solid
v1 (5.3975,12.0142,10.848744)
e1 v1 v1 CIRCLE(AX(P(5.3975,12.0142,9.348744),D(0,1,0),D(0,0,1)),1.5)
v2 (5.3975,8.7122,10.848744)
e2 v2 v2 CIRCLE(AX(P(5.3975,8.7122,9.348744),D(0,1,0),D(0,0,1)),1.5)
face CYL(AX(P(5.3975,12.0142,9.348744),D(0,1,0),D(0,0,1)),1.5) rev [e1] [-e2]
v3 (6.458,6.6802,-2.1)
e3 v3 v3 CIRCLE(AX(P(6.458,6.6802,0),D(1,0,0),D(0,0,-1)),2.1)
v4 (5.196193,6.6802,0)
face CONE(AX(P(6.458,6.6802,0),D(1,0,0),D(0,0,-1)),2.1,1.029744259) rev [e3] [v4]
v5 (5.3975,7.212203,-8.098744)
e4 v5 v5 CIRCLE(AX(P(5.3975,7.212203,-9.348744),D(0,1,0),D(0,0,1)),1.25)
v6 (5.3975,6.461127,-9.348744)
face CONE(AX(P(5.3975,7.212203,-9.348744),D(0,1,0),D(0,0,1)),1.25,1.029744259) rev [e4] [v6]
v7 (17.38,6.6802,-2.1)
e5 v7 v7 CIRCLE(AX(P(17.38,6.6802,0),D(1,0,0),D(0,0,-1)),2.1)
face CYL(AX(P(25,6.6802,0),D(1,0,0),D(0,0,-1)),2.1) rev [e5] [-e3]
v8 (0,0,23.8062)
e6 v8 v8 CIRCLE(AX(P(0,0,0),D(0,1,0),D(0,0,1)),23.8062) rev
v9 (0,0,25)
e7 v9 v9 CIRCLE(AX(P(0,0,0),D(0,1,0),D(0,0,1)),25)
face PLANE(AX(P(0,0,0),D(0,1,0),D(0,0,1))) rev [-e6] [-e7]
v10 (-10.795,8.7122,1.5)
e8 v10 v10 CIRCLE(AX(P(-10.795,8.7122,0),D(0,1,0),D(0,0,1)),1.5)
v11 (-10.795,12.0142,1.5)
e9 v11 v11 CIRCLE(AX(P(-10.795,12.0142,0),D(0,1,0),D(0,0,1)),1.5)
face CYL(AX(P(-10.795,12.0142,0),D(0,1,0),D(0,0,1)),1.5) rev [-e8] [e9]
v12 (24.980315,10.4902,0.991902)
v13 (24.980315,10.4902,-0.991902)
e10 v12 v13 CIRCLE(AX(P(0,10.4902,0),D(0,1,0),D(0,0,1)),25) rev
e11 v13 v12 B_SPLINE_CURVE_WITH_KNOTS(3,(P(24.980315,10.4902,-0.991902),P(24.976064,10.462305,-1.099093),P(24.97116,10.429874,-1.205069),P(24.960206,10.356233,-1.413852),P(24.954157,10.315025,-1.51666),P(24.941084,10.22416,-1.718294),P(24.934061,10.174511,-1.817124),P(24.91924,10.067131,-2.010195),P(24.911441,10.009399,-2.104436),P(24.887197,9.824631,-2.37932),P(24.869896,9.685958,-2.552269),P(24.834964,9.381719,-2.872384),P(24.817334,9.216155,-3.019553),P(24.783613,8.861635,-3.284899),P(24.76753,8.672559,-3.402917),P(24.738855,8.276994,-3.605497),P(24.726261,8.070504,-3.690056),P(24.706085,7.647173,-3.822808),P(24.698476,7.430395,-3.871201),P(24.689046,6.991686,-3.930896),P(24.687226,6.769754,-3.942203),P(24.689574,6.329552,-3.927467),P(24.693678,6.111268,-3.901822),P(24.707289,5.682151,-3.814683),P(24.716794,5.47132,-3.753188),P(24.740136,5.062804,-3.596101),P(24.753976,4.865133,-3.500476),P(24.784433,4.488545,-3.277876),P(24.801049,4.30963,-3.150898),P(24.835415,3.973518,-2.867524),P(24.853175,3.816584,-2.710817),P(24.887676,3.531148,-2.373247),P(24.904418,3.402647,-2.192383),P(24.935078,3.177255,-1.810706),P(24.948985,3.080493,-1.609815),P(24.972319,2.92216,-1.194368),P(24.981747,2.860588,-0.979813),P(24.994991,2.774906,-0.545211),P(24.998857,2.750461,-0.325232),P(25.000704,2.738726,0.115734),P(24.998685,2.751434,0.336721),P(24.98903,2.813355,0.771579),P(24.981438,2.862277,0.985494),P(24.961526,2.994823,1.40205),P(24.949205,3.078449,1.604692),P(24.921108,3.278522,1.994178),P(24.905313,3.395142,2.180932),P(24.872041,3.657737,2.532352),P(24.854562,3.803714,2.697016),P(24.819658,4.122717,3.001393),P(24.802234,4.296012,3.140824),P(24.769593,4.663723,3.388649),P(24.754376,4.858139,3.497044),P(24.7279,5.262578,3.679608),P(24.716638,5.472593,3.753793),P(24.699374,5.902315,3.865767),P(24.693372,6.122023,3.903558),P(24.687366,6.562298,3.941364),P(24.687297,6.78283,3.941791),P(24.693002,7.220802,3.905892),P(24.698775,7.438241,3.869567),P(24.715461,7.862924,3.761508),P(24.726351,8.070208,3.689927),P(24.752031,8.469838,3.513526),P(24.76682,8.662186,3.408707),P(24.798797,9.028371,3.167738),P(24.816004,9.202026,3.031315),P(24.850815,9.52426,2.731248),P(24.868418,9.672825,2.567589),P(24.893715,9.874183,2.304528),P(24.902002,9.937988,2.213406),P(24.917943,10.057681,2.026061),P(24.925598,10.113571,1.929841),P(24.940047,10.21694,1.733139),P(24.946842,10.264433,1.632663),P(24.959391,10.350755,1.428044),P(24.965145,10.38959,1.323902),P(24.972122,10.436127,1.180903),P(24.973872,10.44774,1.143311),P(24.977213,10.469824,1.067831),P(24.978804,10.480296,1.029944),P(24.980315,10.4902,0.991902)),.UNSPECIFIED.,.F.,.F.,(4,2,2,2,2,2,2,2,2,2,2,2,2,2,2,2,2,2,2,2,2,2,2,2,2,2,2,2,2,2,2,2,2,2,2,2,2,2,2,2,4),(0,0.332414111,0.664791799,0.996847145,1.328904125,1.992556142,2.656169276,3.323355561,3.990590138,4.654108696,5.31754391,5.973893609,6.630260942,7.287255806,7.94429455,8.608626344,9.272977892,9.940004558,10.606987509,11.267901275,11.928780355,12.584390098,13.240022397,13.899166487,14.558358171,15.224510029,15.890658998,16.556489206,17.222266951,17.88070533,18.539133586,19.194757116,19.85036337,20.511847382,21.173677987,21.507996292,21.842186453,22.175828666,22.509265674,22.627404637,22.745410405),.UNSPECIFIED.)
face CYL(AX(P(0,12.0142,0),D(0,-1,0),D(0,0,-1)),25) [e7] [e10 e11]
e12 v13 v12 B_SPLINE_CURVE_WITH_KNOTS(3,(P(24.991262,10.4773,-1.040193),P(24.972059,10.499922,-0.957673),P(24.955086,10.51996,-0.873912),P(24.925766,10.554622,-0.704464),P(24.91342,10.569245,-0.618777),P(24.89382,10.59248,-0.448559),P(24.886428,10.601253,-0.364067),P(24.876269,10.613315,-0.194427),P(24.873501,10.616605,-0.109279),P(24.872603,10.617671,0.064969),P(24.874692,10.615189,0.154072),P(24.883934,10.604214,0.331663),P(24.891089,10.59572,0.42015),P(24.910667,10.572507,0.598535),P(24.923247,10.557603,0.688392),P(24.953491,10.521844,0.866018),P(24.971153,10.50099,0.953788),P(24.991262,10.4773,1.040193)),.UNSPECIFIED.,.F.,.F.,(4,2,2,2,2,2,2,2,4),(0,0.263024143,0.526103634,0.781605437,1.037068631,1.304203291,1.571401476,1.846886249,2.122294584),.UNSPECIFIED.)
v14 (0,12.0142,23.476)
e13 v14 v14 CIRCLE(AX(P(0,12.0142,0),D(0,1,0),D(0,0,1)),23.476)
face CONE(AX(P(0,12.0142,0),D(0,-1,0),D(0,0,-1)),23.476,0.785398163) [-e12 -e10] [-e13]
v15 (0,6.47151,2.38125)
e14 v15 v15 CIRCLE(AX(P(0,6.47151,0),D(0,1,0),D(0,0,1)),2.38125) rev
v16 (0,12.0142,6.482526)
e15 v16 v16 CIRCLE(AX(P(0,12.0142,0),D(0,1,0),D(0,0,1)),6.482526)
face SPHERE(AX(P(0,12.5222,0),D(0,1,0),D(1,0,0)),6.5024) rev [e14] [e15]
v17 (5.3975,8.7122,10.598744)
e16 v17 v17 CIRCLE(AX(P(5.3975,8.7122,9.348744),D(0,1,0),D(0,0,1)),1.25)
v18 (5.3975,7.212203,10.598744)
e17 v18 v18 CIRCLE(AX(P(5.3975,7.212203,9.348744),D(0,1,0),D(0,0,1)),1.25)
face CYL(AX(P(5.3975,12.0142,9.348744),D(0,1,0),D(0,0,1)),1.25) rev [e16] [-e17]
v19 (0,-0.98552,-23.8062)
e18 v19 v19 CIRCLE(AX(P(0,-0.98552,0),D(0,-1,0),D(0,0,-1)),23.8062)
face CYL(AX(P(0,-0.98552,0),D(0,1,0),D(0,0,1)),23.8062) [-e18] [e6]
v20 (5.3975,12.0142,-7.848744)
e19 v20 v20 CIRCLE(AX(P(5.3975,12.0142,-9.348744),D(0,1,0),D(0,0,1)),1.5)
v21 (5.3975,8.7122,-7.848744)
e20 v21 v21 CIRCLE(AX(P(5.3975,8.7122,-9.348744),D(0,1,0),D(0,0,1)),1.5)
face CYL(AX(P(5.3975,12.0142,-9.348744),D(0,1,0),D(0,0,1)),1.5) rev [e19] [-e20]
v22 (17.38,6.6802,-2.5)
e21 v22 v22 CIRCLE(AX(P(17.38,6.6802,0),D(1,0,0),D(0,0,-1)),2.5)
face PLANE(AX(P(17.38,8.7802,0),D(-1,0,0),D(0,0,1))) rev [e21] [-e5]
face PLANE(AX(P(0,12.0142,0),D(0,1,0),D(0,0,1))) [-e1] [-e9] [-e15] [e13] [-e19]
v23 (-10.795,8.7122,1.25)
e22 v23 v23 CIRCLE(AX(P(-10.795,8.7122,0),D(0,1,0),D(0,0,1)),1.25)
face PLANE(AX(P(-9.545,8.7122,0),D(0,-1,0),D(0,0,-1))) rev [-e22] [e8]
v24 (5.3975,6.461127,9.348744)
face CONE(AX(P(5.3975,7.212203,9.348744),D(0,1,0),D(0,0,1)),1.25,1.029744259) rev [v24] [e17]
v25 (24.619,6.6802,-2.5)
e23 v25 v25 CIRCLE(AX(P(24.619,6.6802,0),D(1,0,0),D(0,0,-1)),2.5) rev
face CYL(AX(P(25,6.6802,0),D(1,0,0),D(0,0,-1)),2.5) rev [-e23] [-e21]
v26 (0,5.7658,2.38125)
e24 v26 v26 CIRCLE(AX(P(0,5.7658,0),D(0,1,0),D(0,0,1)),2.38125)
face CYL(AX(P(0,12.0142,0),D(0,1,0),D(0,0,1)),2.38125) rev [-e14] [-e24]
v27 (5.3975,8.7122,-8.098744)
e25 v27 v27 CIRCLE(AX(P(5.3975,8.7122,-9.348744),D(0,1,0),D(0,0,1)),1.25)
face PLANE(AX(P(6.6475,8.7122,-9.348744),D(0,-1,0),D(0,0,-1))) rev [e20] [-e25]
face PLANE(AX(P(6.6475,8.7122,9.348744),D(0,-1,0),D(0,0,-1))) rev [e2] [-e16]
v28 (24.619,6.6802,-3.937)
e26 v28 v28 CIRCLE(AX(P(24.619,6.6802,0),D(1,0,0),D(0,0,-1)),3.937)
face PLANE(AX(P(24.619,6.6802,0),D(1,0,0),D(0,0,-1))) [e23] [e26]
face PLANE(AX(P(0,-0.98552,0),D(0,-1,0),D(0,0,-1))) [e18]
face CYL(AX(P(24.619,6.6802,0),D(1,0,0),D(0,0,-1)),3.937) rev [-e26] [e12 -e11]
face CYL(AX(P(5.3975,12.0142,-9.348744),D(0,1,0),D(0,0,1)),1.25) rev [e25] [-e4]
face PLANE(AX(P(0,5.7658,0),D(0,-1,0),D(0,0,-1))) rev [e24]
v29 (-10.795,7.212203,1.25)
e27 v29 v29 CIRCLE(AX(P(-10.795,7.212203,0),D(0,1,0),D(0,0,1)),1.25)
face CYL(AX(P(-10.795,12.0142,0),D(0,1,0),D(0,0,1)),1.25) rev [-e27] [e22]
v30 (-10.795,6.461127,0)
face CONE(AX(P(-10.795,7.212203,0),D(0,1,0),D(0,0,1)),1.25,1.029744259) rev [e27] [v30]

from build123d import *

# Parameters (mm, degrees)
SKETCH1_R                          = 25
EXTRUDE1_DEPTH                     = 12.0142
CHAMFER1_SIZE                      = 1.524
F_3_16_0_1875_DIAMETER_HOLE1_D     = 4.7625
F_3_16_0_1875_DIAMETER_HOLE1_DEPTH = 6.2484
SKETCH5_R                          = 23.8062
EXTRUDE2_DEPTH                     = 0.98552
M5X0_8_TAPPED_HOLE1_D              = 4.2
M5X0_8_TAPPED_HOLE1_DEPTH          = 18.542
M5X0_8_TAPPED_HOLE1_CBORE_D        = 5
M5X0_8_TAPPED_HOLE1_CBORE_DEPTH    = 7.62
M5X0_8_TAPPED_HOLE1_TIP            = 1.2618073
CIRPATTERN1_COUNT                  = 3
SKETCH10_R                         = 3.937
CUT_EXTRUDE3_DEPTH                 = 0.381


with BuildPart() as part:
    # Sketch1 → Extrude1 (new body)
    with BuildSketch(Plane(origin=(0, 0, 0), x_dir=(1, 0, 0), z_dir=(0, 1, 0))):
        with Locations(Location((0, 0, 0), (0, 0, 270))):  # turned: the seam where the file's is
            Circle(SKETCH1_R)
    extrude(amount=EXTRUDE1_DEPTH)

    # Chamfer1
    chamfer1_edges = [part.edges().sort_by_distance(p)[0] for p in [
        (0, 12.0142, -25),
    ]]
    chamfer(chamfer1_edges, length=CHAMFER1_SIZE)

    # Sketch2 → Cut-Revolve1 (revolve, cut)
    with BuildSketch(Plane.XY):
        with BuildLine():
            Line((0, 19.0246), (0, 6.0198))
            ThreePointArc((0, 6.0198), (-6.5024, 12.5222), (0, 19.0246))
        make_face()
    revolve(axis=Axis((0, 19.0246, 0), (0, -1, 0)), mode=Mode.SUBTRACT)

    # 3_16 _0.1875_ Diameter Hole1
    with Locations(Plane(origin=(0, 12.0142, 0), x_dir=(-1, 0, 0), z_dir=(0, 1, 0))):
        with Locations((0, 0)):
            Hole(F_3_16_0_1875_DIAMETER_HOLE1_D / 2, depth=F_3_16_0_1875_DIAMETER_HOLE1_DEPTH)

    # Sketch5 → Extrude2 (add)
    with BuildSketch(Plane.XZ):
        with Locations(Location((0, 0, 0), (0, 0, 90))):  # turned: the seam where the file's is
            Circle(SKETCH5_R)
    extrude(amount=EXTRUDE2_DEPTH)

    # M5x0.8 Tapped Hole1
    with Locations(Plane(origin=(25, 6.6802, 0), x_dir=(0, 0, 1), z_dir=(1, 0, 0))):
        with Locations((0, 0)):
            CounterBoreHole(M5X0_8_TAPPED_HOLE1_D / 2, M5X0_8_TAPPED_HOLE1_CBORE_D / 2, M5X0_8_TAPPED_HOLE1_CBORE_DEPTH, depth=M5X0_8_TAPPED_HOLE1_DEPTH)
            with Locations((0, 0, -(M5X0_8_TAPPED_HOLE1_DEPTH + M5X0_8_TAPPED_HOLE1_TIP / 2))):  # 118° drill point
                Cone(0, M5X0_8_TAPPED_HOLE1_D / 2, M5X0_8_TAPPED_HOLE1_TIP, mode=Mode.SUBTRACT)

    # Sketch8 → M3x0.5 Tapped Hole1 (revolve, cut)
    with BuildSketch(Plane(origin=(-10.795, 12.0142, 0), x_dir=(0, 0, 1), z_dir=(1, 0, 0))):
        Polygon((0, 0), (0, 5.553072774), (1.25, 4.801997), (1.25, 3.302), (1.5, 3.302), (1.5, 0), align=None)
    m3x0_5_tapped_hole1 = revolve(axis=Axis((-10.795, 18.3642, 0), (0, -1, 0)), mode=Mode.SUBTRACT)

    # CirPattern1: M3x0.5 Tapped Hole1 ×3 about axis
    cirpattern1_axis = Axis((0, 0, 0), (0, 1, 0))
    for i in range(1, CIRPATTERN1_COUNT):
        add(m3x0_5_tapped_hole1.rotate(cirpattern1_axis, i * 360 / CIRPATTERN1_COUNT), mode=Mode.SUBTRACT)

    # Sketch10 → Cut-Extrude3 (cut)
    with BuildSketch(Plane(origin=(25, 5.2451, 0), x_dir=(0, 0, 1), z_dir=(1, 0, 0))):
        with Locations(Location((0, -1.4351, 0), (0, 0, 180))):  # turned: the seam where the file's is
            Circle(SKETCH10_R)
    extrude(amount=-CUT_EXTRUDE3_DEPTH, mode=Mode.SUBTRACT)


solid = part.part
